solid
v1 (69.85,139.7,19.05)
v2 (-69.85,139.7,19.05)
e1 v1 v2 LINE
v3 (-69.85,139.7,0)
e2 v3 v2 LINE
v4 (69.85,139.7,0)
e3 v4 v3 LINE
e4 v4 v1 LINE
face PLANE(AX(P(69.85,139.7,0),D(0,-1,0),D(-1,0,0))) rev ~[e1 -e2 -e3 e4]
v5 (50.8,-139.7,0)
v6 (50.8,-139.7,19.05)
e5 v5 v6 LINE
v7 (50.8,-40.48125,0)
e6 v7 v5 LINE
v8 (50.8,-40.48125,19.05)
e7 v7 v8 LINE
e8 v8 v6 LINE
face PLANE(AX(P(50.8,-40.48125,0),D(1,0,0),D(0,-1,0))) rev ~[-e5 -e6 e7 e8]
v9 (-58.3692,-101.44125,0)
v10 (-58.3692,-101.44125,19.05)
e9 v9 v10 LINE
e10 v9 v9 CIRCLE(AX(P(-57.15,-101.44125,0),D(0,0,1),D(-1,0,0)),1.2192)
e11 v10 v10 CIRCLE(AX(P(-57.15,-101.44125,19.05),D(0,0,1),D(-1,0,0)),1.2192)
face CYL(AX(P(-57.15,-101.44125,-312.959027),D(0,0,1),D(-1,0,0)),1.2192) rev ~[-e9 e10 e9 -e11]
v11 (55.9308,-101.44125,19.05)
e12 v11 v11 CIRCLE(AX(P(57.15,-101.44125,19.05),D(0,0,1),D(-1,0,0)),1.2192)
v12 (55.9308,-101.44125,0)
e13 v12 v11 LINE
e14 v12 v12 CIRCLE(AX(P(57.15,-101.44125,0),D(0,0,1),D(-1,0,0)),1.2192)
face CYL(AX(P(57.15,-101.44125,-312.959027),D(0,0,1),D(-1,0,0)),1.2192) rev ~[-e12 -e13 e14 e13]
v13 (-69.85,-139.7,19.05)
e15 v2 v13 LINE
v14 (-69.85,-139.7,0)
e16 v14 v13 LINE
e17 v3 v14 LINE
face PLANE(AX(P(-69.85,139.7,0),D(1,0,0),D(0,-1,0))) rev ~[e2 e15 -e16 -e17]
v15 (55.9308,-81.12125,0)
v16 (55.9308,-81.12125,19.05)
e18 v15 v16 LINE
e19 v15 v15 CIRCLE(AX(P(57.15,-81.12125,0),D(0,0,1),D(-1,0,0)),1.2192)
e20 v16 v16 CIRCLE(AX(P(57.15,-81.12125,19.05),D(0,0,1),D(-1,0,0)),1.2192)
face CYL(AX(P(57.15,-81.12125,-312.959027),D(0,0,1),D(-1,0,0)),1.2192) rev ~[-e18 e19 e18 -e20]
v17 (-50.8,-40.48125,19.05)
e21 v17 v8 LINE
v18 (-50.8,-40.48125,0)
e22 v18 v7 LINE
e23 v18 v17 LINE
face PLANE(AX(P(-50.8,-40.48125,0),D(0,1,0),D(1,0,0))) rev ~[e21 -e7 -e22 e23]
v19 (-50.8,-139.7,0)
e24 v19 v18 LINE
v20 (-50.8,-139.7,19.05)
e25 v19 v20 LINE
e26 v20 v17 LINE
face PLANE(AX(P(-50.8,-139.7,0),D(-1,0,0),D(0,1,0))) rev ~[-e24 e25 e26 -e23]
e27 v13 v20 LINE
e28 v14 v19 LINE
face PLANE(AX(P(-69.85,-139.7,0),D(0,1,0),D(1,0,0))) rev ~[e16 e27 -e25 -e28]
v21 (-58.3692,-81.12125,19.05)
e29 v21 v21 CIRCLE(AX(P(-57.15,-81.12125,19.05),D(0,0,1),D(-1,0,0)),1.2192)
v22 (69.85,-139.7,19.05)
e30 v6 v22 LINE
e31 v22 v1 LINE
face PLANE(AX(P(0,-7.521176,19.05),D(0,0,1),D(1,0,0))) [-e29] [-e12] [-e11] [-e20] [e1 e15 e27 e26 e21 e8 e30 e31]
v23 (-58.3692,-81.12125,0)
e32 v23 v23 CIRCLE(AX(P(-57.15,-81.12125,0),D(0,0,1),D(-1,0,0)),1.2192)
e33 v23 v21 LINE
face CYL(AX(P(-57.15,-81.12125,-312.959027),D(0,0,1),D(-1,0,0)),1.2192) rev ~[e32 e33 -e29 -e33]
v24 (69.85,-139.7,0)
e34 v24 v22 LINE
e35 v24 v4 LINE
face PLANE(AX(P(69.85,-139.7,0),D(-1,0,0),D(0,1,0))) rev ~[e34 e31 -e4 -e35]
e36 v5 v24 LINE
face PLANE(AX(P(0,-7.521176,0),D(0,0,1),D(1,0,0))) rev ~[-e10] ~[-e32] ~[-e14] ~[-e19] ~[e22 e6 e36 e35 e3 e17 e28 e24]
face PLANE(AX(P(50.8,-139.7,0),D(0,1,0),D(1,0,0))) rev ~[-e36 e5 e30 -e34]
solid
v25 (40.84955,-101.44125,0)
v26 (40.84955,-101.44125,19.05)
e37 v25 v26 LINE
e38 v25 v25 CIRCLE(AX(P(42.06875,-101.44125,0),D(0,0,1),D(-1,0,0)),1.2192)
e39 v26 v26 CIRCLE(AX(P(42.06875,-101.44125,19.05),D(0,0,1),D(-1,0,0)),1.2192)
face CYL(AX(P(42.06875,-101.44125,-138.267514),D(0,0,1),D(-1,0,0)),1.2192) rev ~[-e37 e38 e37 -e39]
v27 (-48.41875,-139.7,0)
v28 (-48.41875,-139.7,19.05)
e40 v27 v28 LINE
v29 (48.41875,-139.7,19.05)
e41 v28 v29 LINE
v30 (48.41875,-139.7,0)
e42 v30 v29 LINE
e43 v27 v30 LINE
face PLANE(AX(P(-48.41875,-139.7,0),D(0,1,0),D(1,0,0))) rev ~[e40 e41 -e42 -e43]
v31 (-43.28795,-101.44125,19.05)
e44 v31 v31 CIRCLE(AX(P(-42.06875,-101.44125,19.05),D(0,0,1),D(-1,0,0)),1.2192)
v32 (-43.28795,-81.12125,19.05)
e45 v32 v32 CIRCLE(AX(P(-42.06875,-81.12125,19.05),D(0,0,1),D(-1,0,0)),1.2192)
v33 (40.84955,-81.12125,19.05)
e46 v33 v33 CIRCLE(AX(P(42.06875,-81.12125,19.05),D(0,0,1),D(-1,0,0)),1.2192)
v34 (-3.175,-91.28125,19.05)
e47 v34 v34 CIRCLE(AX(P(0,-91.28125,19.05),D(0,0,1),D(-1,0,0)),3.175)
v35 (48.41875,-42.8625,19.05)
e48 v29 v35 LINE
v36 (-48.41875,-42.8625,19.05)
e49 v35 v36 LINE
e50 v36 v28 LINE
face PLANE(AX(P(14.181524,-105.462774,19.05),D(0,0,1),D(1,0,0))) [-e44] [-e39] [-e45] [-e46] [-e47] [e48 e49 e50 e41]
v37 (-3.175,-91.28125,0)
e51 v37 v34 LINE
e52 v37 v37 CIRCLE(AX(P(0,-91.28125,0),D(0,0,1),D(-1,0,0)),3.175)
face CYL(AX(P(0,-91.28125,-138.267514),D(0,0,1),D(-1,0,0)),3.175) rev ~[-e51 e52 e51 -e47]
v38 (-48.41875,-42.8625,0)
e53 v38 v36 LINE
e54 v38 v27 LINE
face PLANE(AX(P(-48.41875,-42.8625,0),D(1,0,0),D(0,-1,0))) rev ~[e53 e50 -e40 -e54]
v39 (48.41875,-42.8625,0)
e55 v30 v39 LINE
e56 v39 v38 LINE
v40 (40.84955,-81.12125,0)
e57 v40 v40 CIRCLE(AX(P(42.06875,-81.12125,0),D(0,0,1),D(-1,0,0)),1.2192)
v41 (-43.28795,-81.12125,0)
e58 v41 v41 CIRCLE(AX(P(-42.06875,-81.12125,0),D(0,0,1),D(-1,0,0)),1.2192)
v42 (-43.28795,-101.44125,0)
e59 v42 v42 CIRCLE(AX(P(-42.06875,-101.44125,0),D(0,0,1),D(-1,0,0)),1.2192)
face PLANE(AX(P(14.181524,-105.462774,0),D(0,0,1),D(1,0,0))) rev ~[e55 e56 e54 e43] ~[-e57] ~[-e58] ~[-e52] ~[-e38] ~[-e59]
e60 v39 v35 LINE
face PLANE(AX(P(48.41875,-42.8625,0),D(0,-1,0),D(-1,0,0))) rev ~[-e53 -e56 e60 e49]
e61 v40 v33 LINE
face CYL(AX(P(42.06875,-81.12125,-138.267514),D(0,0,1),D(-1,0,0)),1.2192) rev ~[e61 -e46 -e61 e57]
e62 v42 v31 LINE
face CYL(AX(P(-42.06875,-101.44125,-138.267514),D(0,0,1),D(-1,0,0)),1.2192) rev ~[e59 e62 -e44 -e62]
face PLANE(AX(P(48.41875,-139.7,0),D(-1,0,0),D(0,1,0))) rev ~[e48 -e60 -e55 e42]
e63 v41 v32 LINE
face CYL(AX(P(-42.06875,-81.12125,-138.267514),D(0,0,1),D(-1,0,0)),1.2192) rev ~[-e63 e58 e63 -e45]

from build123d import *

# Parameters (mm, degrees)
F1_DEPTH = 19.05
F2_D     = 2.4384
F2_2_D   = 2.4384
F3_D     = 6.35


with BuildPart() as f1:
    # F0 (on Top) → F1 (new body)
    with BuildSketch(Plane.XY):
        Polygon((50.8, -139.7), (69.85, -139.7), (69.85, 139.7), (-69.85, 139.7), (-69.85, -139.7), (-50.8, -139.7), (-50.8, -40.48125), (50.8, -40.48125), align=None)
    extrude(amount=F1_DEPTH)

    # F2 (through all)
    with Locations(Plane(origin=(0, 0, 0), x_dir=(1, 0, 0), z_dir=(0, 0, -1))):
        with Locations((-57.15, 81.12125), (-57.15, 101.44125), (-42.06875, 101.44125), (-42.06875, 81.12125), (42.06875, 81.12125), (57.15, 81.12125), (57.15, 101.44125), (42.06875, 101.44125)):
            Hole(F2_D / 2)


with BuildPart() as f1b:
    # F0 (on Top) → F1, piece 2 (new body)
    with BuildSketch(Plane.XY):
        Polygon((48.41875, -42.8625), (-48.41875, -139.7), (48.41875, -139.7), align=None)
        Polygon((-48.41875, -42.8625), (-48.41875, -139.7), (48.41875, -42.8625), align=None)
    extrude(amount=F1_DEPTH)

    # F2#2 (through all)
    with Locations(Plane(origin=(0, 0, 0), x_dir=(1, 0, 0), z_dir=(0, 0, -1))):
        with Locations((-57.15, 81.12125), (-57.15, 101.44125), (-42.06875, 101.44125), (-42.06875, 81.12125), (42.06875, 81.12125), (57.15, 81.12125), (57.15, 101.44125), (42.06875, 101.44125)):
            Hole(F2_2_D / 2)

    # F3 (through all)
    with Locations(Plane(origin=(0, 0, 0), x_dir=(1, 0, 0), z_dir=(0, 0, -1))):
        with Locations((0, 91.28125)):
            Hole(F3_D / 2)


solid = Compound([f1.part, f1b.part])
